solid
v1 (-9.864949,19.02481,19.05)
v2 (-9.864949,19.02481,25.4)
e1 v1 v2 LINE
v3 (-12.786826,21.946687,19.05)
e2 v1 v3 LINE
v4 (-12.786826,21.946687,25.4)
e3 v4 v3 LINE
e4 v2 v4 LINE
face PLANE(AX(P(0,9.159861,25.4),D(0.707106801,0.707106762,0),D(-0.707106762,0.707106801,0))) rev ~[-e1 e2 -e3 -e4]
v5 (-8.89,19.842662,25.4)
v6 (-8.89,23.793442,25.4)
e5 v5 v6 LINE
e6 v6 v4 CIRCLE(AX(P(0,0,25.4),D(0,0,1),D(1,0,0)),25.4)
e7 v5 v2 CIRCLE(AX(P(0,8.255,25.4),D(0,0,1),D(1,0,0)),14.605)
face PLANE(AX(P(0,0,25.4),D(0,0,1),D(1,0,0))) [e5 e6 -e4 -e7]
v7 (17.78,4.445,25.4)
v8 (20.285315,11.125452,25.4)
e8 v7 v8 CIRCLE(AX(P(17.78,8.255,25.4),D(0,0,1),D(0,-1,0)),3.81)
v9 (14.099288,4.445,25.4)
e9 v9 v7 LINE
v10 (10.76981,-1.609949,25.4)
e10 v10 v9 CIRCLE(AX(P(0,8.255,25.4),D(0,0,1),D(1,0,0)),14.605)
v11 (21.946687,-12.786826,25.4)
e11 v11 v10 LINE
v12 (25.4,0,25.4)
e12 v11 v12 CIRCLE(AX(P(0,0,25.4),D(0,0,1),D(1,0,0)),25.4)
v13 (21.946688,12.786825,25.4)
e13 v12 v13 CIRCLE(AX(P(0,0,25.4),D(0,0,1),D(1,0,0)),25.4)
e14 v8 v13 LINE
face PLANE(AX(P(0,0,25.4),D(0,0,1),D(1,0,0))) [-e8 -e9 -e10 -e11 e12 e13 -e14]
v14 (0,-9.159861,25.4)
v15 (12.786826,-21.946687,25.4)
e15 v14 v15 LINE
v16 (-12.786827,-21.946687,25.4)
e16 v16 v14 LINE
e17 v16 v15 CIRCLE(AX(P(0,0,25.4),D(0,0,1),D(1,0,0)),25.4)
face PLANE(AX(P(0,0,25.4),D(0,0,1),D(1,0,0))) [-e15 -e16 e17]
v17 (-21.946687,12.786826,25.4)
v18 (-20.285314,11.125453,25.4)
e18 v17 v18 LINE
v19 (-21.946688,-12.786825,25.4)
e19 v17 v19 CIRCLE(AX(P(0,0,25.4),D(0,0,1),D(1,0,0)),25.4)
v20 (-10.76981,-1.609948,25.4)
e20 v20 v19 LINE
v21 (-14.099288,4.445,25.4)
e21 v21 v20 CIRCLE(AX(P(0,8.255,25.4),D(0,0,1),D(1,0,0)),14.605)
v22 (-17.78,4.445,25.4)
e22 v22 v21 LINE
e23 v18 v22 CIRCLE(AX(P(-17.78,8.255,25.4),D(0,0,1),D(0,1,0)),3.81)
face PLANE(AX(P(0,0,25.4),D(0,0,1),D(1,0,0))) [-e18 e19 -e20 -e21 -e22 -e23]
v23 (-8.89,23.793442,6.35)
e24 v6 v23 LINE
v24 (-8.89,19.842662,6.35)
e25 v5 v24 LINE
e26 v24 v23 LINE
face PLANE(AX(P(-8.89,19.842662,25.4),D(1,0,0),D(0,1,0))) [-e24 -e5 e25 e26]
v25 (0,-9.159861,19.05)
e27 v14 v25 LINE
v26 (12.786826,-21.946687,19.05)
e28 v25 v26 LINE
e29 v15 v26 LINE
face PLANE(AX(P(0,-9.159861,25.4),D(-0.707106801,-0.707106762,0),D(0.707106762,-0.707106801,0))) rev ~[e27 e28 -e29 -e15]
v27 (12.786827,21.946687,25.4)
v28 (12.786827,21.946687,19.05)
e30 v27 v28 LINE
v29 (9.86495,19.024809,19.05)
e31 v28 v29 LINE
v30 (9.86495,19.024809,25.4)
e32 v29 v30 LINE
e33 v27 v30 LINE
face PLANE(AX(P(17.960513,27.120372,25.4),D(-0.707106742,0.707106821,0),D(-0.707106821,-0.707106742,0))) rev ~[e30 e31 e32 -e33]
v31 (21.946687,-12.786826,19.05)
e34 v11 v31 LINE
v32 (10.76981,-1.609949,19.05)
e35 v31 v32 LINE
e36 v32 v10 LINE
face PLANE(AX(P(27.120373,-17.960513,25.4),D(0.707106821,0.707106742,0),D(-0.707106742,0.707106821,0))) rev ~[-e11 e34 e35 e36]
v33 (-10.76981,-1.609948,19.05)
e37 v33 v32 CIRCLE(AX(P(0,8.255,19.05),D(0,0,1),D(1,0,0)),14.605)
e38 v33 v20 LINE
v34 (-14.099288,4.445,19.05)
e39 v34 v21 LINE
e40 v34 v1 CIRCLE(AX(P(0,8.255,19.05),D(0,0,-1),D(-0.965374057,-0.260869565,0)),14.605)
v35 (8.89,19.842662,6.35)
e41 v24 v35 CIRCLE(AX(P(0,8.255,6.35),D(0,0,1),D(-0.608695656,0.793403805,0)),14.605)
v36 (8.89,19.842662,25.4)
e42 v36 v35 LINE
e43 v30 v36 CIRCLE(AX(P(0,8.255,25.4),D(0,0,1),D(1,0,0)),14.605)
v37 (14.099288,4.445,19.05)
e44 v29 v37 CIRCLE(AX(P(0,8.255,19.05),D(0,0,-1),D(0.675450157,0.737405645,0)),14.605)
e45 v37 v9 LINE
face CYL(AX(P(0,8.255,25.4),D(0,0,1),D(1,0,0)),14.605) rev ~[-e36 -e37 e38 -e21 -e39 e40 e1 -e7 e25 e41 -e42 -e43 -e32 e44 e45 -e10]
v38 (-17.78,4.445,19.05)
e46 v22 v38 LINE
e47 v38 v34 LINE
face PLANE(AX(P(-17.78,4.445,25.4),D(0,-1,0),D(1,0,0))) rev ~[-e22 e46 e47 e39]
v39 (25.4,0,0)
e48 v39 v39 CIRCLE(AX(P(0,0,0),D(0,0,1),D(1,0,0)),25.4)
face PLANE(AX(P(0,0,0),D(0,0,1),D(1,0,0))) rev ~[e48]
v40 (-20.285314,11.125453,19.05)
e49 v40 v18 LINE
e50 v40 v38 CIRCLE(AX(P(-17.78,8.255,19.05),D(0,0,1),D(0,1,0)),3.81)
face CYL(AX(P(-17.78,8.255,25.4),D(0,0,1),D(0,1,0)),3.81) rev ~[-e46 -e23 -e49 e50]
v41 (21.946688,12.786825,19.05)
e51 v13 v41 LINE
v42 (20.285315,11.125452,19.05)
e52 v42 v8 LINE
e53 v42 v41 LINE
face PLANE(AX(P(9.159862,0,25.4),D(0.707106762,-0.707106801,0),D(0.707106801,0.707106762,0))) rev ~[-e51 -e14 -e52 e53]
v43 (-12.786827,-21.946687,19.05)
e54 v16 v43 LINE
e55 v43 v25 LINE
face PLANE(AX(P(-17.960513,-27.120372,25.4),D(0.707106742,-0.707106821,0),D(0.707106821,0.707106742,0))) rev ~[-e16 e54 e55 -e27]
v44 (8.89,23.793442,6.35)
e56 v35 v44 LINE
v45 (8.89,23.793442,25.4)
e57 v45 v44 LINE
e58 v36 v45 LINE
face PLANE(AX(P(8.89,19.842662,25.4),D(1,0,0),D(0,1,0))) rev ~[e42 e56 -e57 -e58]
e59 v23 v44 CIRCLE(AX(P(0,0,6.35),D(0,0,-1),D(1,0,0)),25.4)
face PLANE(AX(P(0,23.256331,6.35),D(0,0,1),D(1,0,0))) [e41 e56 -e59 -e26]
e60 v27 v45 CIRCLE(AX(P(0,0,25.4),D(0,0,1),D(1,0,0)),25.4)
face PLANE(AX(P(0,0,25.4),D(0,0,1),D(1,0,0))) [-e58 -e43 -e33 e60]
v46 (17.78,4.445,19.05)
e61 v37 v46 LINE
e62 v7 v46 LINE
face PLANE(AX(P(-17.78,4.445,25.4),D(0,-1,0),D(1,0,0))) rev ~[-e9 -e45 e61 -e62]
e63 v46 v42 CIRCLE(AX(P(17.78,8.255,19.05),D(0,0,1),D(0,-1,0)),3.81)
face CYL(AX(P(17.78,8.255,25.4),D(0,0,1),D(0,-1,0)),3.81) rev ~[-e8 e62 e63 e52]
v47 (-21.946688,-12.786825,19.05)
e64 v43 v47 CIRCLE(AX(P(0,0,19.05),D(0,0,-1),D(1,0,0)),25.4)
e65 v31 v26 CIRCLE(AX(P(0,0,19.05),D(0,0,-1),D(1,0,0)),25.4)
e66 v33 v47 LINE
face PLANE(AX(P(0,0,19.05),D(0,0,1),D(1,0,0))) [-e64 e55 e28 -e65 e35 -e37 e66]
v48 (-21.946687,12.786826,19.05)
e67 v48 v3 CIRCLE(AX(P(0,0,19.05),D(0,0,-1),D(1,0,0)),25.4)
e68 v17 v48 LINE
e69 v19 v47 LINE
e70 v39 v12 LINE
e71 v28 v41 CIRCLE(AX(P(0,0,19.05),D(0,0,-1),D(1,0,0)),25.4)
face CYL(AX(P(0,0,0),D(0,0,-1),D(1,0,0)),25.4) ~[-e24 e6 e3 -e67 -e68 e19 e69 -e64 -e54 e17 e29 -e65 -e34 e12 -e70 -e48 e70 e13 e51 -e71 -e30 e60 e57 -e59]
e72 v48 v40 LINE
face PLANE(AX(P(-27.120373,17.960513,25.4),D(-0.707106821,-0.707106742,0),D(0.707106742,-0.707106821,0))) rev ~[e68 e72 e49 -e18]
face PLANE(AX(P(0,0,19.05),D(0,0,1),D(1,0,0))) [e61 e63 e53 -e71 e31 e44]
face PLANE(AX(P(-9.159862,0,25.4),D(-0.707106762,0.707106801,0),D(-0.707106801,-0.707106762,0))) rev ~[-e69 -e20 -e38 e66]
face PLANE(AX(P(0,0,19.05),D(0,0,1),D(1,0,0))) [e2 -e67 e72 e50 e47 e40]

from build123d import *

# Parameters (mm, degrees)
F0_R      = 25.4
F1_DEPTH  = 25.4
F2_R      = 14.605
F3_DEPTH  = 19.05
F4_W      = 7.62
F4_H      = 3.81
F5_DEPTH  = 25.401
F8_DEPTH  = 6.35
F9_W      = 17.78
F9_H      = 6.827337
F10_DEPTH = 19.05
F12_DEPTH = 6.35


with BuildPart() as f1:
    # F0 (on Top) → F1 (new body)
    with BuildSketch(Plane.XY):
        Circle(F0_R)
    extrude(amount=F1_DEPTH)

    # F2 (on face) → F3 (cut)
    with BuildSketch(Plane.XY.offset(25.4)):
        with Locations((0, 8.255)):
            Circle(F2_R)
    extrude(amount=-F3_DEPTH, mode=Mode.SUBTRACT)

    # F4 (on Front) → F5 (cut, through all)
    with BuildSketch(Plane.XZ):
        with Locations((0, 23.495)):
            Rectangle(F4_W, F4_H)
    extrude(amount=-F5_DEPTH, mode=Mode.SUBTRACT)

    # F7 (on face) → F8 (cut)
    with BuildSketch(Plane.XY.offset(25.4)):
        Polygon((17.960513, 27.120372), (0, 9.159861), (-17.960512, 27.120374), (-27.120373, 17.960513), (-9.159862, 0), (-27.120374, -17.960511), (-17.960513, -27.120372), (0, -9.159861), (17.960512, -27.120374), (27.120373, -17.960513), (9.159862, 0), (27.120374, 17.960511), align=None)
    extrude(amount=-F8_DEPTH, mode=Mode.SUBTRACT)

    # F9 (on face) → F10 (cut, through all)
    with BuildSketch(Plane.XY.offset(25.4)):
        with Locations((0, 23.256331)):
            Rectangle(F9_W, F9_H)
    extrude(amount=-F10_DEPTH, mode=Mode.SUBTRACT)

    # F11 (on face) → F12 (cut, through all)
    with BuildSketch(Plane.XY.offset(25.4)):
        with BuildLine():
            Line((17.78, 12.065), (-17.78, 12.065))
            ThreePointArc((-17.78, 12.065), (-21.59, 8.255), (-17.78, 4.445))
            Line((-17.78, 4.445), (17.78, 4.445))
            ThreePointArc((17.78, 4.445), (21.59, 8.255), (17.78, 12.065))
        make_face()
    extrude(amount=-F12_DEPTH, mode=Mode.SUBTRACT)


solid = f1.part
